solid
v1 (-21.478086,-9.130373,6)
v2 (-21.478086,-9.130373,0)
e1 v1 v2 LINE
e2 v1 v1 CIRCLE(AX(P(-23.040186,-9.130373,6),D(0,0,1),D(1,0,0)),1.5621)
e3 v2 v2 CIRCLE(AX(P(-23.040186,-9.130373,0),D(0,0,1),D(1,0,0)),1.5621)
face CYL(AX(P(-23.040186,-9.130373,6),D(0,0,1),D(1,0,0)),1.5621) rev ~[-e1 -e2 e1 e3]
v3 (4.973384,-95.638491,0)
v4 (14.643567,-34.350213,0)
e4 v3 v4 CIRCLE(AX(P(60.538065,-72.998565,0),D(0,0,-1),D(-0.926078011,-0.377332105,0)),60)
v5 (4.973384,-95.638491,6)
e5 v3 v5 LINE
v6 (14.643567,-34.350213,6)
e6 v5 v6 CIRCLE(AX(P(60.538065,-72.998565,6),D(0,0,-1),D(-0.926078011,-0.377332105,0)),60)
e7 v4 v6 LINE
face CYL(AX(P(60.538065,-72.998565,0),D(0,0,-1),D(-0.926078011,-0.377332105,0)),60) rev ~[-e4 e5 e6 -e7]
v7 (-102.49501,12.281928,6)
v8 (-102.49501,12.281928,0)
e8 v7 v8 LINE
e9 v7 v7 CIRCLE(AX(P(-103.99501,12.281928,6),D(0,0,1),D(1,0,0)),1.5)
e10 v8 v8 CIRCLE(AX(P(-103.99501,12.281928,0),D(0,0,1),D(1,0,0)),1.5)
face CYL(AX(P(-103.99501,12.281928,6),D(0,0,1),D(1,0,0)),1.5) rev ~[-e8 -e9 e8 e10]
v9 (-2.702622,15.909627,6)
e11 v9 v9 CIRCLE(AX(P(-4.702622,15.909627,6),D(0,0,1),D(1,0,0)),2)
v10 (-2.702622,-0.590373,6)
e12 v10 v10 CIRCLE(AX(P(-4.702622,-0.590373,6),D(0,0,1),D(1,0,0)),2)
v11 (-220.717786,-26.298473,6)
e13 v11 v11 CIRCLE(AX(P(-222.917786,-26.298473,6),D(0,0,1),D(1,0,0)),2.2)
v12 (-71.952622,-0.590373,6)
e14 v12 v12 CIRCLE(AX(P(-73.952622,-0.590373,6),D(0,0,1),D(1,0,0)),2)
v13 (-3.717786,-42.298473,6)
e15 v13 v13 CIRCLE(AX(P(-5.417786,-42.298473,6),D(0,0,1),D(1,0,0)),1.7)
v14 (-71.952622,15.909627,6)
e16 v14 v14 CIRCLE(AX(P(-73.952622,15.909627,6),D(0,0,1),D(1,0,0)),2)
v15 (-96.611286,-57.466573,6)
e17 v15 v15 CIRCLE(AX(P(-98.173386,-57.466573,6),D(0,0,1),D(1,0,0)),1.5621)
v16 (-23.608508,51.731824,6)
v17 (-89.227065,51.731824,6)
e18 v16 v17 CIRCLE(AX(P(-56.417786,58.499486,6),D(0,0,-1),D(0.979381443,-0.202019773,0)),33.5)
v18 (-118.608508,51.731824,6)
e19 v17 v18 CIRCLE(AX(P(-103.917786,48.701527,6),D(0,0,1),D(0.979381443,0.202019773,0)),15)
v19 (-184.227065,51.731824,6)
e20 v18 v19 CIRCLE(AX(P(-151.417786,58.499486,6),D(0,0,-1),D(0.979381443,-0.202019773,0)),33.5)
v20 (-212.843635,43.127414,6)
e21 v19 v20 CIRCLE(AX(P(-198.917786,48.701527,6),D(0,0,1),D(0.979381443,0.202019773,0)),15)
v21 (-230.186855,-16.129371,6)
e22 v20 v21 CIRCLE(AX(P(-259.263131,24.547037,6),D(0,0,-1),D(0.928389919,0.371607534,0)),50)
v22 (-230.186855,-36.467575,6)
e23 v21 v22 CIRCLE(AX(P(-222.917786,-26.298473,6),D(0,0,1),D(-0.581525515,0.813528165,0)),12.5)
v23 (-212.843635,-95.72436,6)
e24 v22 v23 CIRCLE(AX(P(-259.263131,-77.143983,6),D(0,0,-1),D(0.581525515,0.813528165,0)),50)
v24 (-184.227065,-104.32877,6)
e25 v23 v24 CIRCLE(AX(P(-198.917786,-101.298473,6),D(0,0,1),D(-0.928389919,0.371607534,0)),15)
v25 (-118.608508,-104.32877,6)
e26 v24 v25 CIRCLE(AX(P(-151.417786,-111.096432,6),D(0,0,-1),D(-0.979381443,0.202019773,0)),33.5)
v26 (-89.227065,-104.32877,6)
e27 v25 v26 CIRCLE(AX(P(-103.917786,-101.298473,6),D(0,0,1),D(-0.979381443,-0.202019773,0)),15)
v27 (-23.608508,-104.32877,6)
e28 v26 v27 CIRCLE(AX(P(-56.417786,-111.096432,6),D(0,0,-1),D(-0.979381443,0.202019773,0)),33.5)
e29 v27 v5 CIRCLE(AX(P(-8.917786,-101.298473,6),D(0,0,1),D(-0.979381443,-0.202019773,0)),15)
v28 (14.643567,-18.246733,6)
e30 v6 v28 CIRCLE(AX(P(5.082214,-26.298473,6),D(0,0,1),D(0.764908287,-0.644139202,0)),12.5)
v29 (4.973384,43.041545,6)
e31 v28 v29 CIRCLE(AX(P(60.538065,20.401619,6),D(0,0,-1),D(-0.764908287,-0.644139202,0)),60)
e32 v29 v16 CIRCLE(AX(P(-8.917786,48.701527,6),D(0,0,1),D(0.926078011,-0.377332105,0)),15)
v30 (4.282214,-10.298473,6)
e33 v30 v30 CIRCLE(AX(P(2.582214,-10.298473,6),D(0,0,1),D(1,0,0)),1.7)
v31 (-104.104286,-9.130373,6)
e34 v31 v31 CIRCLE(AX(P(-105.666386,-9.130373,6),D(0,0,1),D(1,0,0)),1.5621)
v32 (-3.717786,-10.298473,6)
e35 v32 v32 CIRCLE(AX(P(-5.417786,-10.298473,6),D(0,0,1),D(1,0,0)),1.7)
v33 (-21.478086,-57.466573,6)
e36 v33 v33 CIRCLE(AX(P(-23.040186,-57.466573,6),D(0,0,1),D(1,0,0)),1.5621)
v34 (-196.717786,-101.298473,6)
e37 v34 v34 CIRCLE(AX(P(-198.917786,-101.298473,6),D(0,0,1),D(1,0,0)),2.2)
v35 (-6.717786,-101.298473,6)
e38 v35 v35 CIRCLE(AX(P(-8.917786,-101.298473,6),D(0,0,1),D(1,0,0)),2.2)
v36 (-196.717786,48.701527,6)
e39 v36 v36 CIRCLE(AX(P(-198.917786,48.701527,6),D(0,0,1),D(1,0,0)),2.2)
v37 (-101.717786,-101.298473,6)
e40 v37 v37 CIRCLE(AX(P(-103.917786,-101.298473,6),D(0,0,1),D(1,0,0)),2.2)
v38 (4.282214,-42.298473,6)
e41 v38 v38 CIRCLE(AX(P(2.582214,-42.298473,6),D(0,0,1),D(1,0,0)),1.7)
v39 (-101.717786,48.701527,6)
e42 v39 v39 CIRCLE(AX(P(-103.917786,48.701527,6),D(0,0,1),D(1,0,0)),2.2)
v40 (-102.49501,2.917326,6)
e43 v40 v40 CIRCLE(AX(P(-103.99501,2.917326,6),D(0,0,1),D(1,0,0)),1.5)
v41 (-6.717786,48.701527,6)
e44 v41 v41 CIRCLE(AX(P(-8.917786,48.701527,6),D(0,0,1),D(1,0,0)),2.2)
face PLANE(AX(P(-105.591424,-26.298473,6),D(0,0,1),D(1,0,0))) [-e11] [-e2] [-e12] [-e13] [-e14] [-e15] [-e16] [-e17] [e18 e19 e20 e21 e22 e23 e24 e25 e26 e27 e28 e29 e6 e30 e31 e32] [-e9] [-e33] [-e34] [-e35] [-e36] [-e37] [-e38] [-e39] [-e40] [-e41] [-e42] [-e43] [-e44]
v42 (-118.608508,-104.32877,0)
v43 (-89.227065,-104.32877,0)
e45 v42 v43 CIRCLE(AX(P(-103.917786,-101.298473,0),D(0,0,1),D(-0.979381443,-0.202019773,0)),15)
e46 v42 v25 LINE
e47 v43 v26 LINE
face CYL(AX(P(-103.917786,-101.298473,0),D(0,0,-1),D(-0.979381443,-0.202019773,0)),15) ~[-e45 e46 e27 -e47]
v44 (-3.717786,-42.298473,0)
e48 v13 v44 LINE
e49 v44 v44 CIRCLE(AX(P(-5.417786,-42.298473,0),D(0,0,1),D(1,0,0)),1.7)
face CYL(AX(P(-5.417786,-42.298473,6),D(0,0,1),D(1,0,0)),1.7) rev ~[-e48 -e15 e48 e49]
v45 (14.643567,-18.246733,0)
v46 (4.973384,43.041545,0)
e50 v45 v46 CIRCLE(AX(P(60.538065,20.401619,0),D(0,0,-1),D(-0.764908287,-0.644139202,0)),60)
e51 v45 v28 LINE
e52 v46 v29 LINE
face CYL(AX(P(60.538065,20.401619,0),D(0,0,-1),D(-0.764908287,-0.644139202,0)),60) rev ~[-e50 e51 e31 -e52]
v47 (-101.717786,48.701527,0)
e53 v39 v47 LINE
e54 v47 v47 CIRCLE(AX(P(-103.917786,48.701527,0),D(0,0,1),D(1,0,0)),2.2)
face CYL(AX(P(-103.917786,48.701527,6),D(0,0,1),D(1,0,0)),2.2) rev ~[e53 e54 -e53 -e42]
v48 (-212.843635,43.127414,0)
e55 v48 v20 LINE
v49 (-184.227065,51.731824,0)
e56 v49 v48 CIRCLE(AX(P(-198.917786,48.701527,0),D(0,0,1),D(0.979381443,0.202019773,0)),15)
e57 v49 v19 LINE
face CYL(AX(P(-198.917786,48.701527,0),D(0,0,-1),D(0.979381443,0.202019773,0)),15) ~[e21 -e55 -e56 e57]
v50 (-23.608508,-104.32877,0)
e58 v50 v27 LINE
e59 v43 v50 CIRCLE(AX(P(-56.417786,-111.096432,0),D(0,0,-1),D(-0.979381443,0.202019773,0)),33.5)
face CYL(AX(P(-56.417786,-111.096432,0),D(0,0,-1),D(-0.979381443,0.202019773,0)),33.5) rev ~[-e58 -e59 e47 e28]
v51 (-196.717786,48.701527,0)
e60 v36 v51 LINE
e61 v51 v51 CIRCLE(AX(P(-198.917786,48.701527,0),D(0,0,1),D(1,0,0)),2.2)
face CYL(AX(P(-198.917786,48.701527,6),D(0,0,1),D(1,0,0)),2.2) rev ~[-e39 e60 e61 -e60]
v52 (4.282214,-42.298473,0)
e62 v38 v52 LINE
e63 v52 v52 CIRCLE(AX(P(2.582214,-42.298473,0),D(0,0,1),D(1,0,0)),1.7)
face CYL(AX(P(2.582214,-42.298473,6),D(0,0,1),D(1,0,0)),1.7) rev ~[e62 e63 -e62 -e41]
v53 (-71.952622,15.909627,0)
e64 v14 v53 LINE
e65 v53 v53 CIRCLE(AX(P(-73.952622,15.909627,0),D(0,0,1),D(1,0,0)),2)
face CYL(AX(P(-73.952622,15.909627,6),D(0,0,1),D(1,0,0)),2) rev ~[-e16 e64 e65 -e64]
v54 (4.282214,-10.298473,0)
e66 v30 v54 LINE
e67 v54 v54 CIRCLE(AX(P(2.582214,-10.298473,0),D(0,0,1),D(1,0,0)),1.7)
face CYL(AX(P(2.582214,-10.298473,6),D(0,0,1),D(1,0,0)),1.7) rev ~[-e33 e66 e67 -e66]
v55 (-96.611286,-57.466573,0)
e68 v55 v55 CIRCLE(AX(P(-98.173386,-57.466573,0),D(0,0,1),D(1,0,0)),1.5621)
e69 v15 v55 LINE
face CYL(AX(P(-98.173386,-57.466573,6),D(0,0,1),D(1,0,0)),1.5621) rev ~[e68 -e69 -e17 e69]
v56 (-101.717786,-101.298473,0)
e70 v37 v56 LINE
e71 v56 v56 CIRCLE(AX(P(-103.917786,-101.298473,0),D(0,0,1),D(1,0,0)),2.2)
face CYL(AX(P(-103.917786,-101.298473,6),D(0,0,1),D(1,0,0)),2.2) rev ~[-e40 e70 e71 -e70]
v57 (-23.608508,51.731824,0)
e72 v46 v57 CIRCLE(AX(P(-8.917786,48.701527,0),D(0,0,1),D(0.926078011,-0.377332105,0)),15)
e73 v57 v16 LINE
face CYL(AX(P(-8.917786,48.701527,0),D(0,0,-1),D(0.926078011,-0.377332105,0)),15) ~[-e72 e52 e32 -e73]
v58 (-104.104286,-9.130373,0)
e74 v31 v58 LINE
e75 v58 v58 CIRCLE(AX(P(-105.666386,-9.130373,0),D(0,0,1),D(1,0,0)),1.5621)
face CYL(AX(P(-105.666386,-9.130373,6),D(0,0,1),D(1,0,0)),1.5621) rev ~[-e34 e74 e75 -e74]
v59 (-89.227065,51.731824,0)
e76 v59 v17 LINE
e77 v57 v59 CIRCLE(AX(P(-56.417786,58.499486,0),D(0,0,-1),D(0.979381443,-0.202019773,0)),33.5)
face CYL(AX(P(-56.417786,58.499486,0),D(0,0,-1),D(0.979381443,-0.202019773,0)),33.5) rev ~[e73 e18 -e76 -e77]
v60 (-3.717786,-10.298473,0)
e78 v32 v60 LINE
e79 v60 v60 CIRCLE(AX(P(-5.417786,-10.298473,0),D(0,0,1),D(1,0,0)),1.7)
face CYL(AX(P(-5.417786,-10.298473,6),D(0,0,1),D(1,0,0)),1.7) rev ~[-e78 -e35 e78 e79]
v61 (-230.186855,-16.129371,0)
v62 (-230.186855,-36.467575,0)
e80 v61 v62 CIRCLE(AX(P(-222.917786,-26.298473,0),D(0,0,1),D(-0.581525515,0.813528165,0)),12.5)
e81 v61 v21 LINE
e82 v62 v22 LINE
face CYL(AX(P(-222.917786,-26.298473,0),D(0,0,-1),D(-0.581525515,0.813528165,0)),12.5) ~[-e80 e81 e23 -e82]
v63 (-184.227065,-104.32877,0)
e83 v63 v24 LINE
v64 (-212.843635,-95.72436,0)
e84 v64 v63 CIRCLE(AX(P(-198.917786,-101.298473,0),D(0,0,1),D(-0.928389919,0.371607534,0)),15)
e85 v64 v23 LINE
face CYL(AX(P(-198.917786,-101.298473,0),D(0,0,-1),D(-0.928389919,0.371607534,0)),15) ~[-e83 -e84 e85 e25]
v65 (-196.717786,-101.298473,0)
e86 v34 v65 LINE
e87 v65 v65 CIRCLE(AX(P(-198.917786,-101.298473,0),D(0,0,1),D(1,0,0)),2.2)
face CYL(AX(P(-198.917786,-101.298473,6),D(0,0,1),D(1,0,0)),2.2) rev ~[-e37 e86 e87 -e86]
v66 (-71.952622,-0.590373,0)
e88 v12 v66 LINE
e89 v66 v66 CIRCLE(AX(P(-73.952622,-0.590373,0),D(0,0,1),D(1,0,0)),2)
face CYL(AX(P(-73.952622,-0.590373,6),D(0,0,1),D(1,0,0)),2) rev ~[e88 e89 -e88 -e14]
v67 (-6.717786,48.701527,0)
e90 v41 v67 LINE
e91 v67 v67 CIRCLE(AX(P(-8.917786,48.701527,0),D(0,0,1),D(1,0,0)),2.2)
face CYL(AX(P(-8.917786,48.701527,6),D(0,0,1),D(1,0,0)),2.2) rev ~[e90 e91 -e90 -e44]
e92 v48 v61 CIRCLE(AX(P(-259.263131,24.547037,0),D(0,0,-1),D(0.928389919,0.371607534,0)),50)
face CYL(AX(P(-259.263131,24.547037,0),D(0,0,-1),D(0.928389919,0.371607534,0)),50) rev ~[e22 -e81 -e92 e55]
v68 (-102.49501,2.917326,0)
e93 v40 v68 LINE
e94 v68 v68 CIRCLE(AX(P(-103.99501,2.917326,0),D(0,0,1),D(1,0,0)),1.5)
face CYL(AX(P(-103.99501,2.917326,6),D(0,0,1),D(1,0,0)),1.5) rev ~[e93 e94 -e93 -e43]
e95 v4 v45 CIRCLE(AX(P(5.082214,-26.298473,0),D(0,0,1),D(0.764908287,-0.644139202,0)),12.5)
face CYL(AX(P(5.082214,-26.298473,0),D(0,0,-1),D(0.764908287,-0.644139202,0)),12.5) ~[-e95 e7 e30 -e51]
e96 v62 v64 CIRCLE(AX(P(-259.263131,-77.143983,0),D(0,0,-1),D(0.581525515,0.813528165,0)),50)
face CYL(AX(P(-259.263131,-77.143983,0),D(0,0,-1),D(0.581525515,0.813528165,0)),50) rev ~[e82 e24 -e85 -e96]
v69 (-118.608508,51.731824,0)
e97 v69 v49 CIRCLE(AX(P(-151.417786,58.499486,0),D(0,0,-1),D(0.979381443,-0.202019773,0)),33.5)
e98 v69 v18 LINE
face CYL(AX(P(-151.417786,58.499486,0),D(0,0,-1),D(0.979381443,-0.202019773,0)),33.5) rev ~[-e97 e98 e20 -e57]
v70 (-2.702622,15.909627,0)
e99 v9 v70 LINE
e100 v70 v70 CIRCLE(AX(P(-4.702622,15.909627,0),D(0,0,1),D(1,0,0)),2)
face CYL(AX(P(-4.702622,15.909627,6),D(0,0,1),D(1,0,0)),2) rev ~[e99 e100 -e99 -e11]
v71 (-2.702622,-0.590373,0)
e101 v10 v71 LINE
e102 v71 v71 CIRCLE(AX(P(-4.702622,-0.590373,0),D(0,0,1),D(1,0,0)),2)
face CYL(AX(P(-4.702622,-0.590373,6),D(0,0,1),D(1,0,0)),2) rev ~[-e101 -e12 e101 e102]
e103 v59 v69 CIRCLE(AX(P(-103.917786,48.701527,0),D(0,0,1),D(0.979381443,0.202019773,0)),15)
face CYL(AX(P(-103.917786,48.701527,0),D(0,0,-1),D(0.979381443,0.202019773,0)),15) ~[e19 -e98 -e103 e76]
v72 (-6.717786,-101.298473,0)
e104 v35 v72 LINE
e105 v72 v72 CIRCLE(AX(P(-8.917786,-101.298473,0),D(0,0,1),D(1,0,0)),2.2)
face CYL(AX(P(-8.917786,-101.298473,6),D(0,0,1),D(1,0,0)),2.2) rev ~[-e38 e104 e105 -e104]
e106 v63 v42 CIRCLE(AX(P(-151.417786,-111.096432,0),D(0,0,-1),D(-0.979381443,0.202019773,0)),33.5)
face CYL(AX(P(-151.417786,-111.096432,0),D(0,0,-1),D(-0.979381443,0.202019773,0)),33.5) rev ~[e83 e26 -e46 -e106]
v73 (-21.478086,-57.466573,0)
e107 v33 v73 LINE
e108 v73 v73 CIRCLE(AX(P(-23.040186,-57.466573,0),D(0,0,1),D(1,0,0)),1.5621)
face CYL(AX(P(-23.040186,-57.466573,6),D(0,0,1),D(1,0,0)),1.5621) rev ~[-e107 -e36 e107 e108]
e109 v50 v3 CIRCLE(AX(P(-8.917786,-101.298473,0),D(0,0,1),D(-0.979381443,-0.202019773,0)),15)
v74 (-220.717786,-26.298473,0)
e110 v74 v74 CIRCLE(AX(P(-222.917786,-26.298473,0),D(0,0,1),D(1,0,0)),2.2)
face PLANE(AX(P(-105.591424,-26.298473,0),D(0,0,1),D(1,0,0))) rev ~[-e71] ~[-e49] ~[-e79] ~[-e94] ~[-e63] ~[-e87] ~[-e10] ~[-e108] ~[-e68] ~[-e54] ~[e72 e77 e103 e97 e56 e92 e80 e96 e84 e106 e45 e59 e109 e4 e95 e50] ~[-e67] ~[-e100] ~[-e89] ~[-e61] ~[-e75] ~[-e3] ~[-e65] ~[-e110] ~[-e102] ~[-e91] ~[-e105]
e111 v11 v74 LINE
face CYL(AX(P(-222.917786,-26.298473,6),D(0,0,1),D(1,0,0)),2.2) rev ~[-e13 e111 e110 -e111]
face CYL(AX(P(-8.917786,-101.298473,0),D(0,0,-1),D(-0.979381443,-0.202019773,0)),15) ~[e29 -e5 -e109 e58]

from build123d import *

# Parameters (mm, degrees)
BOSS_EXTRUDE1_DEPTH = 6
SKETCH3_R           = 2.2
SKETCH3_R_2         = 1.7
CUT_EXTRUDE1_DEPTH  = 263.645900158
SKETCH9_R           = 1.5
CUT_EXTRUDE7_DEPTH  = 263.645900158
SKETCH10_R          = 2
CUT_EXTRUDE8_DEPTH  = 263.645900158
SKETCH11_R          = 1.5621
CUT_EXTRUDE9_DEPTH  = 263.645900158


with BuildPart() as part:
    # Sketch2 → Boss-Extrude1 (new body)
    with BuildSketch(Plane.XY):
        with BuildLine():
            ThreePointArc((14.643567385, -34.35021296), (17.582213792, -26.298472933), (14.643567385, -18.246732906))
            ThreePointArc((14.643567385, -18.246732906), (1.271257198, 11.050387409), (4.97338396, 43.041545498))
            ThreePointArc((4.97338396, 43.041545498), (-4.554295145, 63.052831737), (-23.608507858, 51.731823656))
            ThreePointArc((-23.608507858, 51.731823656), (-56.417786208, 24.999486038), (-89.227064559, 51.731823656))
            ThreePointArc((-89.227064559, 51.731823656), (-103.917786208, 63.701527067), (-118.608507858, 51.731823656))
            ThreePointArc((-118.608507858, 51.731823656), (-151.417786208, 24.999486038), (-184.227064559, 51.731823656))
            ThreePointArc((-184.227064559, 51.731823656), (-203.236955544, 63.06623299), (-212.843634986, 43.127414061))
            ThreePointArc((-212.843634986, 43.127414061), (-211.27621055, 10.502270588), (-230.186855149, -16.129370872))
            ThreePointArc((-230.186855149, -16.129370872), (-235.417786208, -26.298472933), (-230.186855149, -36.467574994))
            ThreePointArc((-230.186855149, -36.467574994), (-211.27621055, -63.099216454), (-212.843634986, -95.724359927))
            ThreePointArc((-212.843634986, -95.724359927), (-203.236955544, -115.663178856), (-184.227064559, -104.328769522))
            ThreePointArc((-184.227064559, -104.328769522), (-151.417786208, -77.596431904), (-118.608507858, -104.328769522))
            ThreePointArc((-118.608507858, -104.328769522), (-103.917786208, -116.298472933), (-89.227064559, -104.328769522))
            ThreePointArc((-89.227064559, -104.328769522), (-56.417786208, -77.596431904), (-23.608507858, -104.328769522))
            ThreePointArc((-23.608507858, -104.328769522), (-4.554295145, -115.649777603), (4.97338396, -95.638491364))
            ThreePointArc((4.97338396, -95.638491364), (1.271257198, -63.647333275), (14.643567385, -34.35021296))
        make_face()
    extrude(amount=BOSS_EXTRUDE1_DEPTH)

    # Sketch3 → Cut-Extrude1 (cut, through all)
    with BuildSketch(Plane.XY.offset(6)):
        with Locations((-222.917786208, -26.298472933)):
            Circle(SKETCH3_R)
        with Locations((-198.917786208, -101.298472933)):
            Circle(SKETCH3_R)
        with Locations((-103.917786208, -101.298472933)):
            Circle(SKETCH3_R)
        with Locations((-8.917786208, -101.298472933)):
            Circle(SKETCH3_R)
        with Locations((-5.417786208, -10.298472933)):
            Circle(SKETCH3_R_2)
        with Locations((-5.417786208, -42.298472933)):
            Circle(SKETCH3_R_2)
        with Locations((2.582213792, -42.298472933)):
            Circle(SKETCH3_R_2)
        with Locations((2.582213792, -10.298472933)):
            Circle(SKETCH3_R_2)
        with Locations((-8.917786208, 48.701527067)):
            Circle(SKETCH3_R)
        with Locations((-103.917786208, 48.701527067)):
            Circle(SKETCH3_R)
        with Locations((-198.917786208, 48.701527067)):
            Circle(SKETCH3_R)
    extrude(amount=-CUT_EXTRUDE1_DEPTH, mode=Mode.SUBTRACT)

    # Sketch9 → Cut-Extrude7 (cut, through all)
    with BuildSketch(Plane.XY.offset(6)):
        with Locations((-103.99500987, 12.281928067)):
            Circle(SKETCH9_R)
        with Locations((-103.99500987, 2.917326067)):
            Circle(SKETCH9_R)
    extrude(amount=-CUT_EXTRUDE7_DEPTH, mode=Mode.SUBTRACT)

    # Sketch10 → Cut-Extrude8 (cut, through all)
    with BuildSketch(Plane.XY.offset(6)):
        with Locations((-4.70262179, 15.909627067)):
            Circle(SKETCH10_R)
        with Locations((-4.70262179, -0.590372933)):
            Circle(SKETCH10_R)
        with Locations((-73.95262179, 15.909627067)):
            Circle(SKETCH10_R)
        with Locations((-73.95262179, -0.590372933)):
            Circle(SKETCH10_R)
    extrude(amount=-CUT_EXTRUDE8_DEPTH, mode=Mode.SUBTRACT)

    # Sketch11 → Cut-Extrude9 (cut, through all)
    with BuildSketch(Plane.XY.offset(6)):
        with Locations((-23.040186208, -9.130372933)):
            Circle(SKETCH11_R)
        with Locations((-23.040186208, -57.466572933)):
            Circle(SKETCH11_R)
        with Locations((-105.666386208, -9.130372933)):
            Circle(SKETCH11_R)
        with Locations((-98.173386208, -57.466572933)):
            Circle(SKETCH11_R)
    extrude(amount=-CUT_EXTRUDE9_DEPTH, mode=Mode.SUBTRACT)


solid = part.part
